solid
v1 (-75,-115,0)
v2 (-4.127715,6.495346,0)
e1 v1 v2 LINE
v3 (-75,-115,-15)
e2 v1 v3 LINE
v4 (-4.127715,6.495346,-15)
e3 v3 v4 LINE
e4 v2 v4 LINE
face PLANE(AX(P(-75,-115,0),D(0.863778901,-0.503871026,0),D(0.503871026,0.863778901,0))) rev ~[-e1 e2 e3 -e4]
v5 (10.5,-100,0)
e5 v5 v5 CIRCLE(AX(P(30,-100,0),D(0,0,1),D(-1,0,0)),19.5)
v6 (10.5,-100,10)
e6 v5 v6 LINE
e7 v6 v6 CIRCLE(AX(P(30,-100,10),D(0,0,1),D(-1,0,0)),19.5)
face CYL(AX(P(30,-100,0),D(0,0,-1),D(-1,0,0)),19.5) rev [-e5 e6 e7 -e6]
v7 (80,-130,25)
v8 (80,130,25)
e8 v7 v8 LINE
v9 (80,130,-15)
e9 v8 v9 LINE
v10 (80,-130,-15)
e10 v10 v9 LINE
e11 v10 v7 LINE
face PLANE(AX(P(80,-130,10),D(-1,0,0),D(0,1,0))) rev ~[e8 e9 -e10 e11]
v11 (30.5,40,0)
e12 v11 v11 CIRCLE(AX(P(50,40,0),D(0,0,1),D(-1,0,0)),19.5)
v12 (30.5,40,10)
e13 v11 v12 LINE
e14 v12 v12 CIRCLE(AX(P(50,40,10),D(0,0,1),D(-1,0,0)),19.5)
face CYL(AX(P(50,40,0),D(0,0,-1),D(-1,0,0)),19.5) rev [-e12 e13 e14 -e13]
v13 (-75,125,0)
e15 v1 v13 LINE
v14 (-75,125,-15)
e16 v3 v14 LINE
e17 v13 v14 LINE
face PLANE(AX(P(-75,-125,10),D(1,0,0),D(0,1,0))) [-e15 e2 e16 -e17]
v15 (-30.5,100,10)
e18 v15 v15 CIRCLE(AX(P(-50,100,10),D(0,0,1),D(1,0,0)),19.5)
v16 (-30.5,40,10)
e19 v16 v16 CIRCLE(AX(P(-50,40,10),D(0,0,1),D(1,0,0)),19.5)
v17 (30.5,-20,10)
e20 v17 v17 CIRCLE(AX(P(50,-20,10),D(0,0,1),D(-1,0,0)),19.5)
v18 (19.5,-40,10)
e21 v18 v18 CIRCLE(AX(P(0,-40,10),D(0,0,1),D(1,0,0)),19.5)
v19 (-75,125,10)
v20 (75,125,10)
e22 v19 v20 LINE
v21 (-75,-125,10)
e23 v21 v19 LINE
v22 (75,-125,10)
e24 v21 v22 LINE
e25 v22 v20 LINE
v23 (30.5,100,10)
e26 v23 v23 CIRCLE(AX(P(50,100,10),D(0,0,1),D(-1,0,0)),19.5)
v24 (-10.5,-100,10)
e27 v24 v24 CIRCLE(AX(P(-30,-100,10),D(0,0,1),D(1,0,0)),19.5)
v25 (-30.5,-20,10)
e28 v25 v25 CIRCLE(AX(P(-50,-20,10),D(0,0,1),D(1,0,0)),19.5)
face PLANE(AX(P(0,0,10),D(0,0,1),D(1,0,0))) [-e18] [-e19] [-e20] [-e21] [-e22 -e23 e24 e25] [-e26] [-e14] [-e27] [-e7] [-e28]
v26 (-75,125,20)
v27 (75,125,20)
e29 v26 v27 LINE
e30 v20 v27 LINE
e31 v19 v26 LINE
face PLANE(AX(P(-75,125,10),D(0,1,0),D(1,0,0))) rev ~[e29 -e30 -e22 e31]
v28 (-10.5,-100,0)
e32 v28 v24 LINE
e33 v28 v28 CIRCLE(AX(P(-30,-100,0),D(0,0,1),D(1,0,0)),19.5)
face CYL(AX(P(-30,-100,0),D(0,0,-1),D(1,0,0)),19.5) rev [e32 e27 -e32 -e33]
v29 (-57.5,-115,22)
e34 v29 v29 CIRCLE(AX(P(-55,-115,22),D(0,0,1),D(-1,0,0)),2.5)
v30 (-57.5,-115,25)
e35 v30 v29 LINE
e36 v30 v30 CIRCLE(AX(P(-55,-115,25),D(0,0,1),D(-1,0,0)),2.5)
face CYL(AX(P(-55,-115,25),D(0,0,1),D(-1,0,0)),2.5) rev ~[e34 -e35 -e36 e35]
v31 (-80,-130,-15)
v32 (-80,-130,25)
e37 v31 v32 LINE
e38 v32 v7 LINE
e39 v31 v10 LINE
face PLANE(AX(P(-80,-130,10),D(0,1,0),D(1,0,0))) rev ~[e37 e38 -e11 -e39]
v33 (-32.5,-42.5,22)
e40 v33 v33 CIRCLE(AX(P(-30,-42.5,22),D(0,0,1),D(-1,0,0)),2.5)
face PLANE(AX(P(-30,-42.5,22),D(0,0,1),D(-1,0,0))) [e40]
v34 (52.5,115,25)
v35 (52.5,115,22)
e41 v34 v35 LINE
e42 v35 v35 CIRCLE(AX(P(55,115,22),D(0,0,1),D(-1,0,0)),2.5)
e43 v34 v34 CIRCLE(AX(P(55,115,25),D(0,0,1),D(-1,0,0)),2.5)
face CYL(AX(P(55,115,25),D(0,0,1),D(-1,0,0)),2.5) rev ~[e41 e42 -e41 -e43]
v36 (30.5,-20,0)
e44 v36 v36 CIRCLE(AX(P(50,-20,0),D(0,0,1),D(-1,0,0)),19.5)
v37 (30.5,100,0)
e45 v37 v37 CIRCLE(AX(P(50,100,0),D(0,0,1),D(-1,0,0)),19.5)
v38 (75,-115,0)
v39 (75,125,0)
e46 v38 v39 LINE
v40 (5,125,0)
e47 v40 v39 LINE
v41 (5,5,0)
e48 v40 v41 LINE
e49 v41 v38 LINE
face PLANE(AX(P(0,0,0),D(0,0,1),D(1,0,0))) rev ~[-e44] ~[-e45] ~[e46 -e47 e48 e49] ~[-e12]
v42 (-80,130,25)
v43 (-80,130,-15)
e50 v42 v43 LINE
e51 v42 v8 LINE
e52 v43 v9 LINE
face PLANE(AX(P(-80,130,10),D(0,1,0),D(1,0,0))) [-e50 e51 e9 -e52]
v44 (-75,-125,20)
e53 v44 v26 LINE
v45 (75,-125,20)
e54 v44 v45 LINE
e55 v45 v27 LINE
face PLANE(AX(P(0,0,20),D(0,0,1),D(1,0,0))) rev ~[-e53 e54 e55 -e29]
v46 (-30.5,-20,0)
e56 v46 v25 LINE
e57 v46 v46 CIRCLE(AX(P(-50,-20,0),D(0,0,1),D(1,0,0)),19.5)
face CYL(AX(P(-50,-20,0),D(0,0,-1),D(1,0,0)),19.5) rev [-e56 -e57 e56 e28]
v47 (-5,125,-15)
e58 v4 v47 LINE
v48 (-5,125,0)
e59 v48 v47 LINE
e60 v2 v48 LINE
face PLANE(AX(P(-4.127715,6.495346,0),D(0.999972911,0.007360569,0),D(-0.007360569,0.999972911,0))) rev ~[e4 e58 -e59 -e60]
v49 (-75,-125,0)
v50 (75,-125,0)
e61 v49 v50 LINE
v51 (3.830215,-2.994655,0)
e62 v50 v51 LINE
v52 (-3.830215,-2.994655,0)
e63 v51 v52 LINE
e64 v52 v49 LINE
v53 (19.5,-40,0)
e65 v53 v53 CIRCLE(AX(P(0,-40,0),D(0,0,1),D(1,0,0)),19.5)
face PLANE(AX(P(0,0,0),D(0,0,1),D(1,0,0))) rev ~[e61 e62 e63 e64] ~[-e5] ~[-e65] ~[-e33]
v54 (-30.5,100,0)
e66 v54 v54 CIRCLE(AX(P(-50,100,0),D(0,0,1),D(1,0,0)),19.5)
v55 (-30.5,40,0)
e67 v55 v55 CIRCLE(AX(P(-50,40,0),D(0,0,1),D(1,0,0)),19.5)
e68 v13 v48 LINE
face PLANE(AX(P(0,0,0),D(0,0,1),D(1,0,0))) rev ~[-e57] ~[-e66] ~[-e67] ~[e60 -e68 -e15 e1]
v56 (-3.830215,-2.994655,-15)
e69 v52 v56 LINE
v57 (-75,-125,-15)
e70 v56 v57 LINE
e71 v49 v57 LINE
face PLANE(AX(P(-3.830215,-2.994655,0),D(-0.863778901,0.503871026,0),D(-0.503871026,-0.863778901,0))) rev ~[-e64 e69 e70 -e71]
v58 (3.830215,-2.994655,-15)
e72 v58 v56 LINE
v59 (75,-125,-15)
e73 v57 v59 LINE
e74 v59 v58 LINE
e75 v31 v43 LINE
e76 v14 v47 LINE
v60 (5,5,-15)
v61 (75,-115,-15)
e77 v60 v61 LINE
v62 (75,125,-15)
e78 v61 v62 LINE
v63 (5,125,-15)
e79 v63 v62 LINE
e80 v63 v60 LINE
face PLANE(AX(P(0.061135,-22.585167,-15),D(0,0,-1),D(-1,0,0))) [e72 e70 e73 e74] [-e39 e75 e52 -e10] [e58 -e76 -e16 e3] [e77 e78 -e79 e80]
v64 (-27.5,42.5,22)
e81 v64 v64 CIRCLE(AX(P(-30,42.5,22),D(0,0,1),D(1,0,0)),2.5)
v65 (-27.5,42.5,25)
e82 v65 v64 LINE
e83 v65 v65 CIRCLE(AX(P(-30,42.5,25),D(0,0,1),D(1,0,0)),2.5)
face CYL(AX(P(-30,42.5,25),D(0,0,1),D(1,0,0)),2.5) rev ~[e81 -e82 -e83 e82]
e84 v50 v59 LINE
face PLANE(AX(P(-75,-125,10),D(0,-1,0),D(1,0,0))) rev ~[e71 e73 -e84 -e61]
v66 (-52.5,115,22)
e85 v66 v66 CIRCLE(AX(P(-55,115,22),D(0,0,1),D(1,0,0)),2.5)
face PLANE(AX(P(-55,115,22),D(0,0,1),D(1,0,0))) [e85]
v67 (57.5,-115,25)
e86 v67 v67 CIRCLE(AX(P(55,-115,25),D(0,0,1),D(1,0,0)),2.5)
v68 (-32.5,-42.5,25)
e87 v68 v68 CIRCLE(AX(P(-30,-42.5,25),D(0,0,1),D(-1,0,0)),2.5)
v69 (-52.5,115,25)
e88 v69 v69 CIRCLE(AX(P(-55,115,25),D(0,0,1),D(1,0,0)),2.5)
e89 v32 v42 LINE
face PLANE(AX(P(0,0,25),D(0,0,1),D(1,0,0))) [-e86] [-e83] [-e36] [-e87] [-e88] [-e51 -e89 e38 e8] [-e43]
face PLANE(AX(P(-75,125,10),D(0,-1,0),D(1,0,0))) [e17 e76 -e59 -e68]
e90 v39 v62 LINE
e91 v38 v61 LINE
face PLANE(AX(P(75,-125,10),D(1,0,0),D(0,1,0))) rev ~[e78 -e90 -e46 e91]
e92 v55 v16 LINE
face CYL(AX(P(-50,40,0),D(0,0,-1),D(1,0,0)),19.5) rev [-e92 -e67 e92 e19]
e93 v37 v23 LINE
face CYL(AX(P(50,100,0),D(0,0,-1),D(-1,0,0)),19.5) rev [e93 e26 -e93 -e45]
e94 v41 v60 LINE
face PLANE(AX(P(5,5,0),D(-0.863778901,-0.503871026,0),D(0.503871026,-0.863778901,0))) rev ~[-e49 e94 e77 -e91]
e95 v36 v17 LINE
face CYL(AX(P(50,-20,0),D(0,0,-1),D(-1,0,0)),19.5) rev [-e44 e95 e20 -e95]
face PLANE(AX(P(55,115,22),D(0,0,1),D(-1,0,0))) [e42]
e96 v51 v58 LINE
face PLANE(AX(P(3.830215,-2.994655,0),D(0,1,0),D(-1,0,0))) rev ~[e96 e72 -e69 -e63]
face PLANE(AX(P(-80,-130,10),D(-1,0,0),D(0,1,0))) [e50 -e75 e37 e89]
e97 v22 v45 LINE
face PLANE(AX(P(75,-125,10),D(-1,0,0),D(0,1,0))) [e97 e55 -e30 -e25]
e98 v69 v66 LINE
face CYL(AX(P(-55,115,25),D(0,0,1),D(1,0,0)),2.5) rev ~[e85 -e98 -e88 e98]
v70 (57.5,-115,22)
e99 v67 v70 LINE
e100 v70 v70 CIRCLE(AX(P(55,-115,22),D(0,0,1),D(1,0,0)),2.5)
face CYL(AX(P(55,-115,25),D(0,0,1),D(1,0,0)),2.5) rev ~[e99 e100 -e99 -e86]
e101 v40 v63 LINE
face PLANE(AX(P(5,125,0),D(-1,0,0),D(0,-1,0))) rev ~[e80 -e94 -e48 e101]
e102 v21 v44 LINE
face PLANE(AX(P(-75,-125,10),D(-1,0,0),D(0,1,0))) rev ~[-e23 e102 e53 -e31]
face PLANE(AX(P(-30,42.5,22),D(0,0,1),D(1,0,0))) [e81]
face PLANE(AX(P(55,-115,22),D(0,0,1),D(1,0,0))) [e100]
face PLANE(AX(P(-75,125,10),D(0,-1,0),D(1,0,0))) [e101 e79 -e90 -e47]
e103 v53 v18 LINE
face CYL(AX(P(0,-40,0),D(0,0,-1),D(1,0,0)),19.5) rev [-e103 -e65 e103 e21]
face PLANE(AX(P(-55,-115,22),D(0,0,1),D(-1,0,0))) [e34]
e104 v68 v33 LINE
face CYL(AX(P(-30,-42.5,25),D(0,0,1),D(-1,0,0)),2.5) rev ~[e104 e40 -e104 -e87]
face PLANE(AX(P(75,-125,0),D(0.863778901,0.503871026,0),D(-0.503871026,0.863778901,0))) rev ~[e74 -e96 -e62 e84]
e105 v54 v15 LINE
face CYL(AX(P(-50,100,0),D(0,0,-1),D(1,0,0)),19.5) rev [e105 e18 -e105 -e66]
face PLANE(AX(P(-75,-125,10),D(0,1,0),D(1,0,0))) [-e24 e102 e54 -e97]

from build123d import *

# Parameters (mm, degrees)
CROQUIS1_W              = 150
CROQUIS1_H              = 250
CROQUIS1_R              = 19.5
SALIENTE_EXTRUIR1_DEPTH = 10
CROQUIS3_W              = 160
CROQUIS3_H              = 260
CROQUIS3_W_2            = 150
CROQUIS3_H_2            = 250
SALIENTE_EXTRUIR2_DEPTH = 25
SALIENTE_EXTRUIR3_DEPTH = 15
CROQUIS6_W              = 160
CROQUIS6_H              = 260
CROQUIS6_W_2            = 150
CROQUIS6_H_2            = 250
SALIENTE_EXTRUIR4_DEPTH = 15
CROQUIS7_W              = 160
CROQUIS7_H              = 260
SALIENTE_EXTRUIR5_DEPTH = 5
CROQUIS8_R              = 2.5
CORTAR_EXTRUIR1_DEPTH   = 3
CROQUIS9_R              = 2.5
CORTAR_EXTRUIR2_DEPTH   = 3


with BuildPart() as part:
    # Croquis1 → Saliente-Extruir1 (new body)
    with BuildSketch(Plane.XY):
        Rectangle(CROQUIS1_W, CROQUIS1_H)
        with Locations((-50, 100)):
            Circle(CROQUIS1_R, mode=Mode.SUBTRACT)
        with Locations((-50, 40)):
            Circle(CROQUIS1_R, mode=Mode.SUBTRACT)
        with Locations((-50, -20)):
            Circle(CROQUIS1_R, mode=Mode.SUBTRACT)
        with Locations(Location((50, -20, 0), (0, 0, 180))):
            Circle(CROQUIS1_R, mode=Mode.SUBTRACT)
        with Locations(Location((50, 40, 0), (0, 0, 180))):
            Circle(CROQUIS1_R, mode=Mode.SUBTRACT)
        with Locations(Location((50, 100, 0), (0, 0, 180))):
            Circle(CROQUIS1_R, mode=Mode.SUBTRACT)
        with Locations((-30, -100)):
            Circle(CROQUIS1_R, mode=Mode.SUBTRACT)
        with Locations(Location((30, -100, 0), (0, 0, 180))):
            Circle(CROQUIS1_R, mode=Mode.SUBTRACT)
        with Locations((0, -40)):
            Circle(CROQUIS1_R, mode=Mode.SUBTRACT)
    extrude(amount=SALIENTE_EXTRUIR1_DEPTH)

    # Croquis3 → Saliente-Extruir2 (add)
    with BuildSketch(Plane.XY.offset(10)):
        Rectangle(CROQUIS3_W, CROQUIS3_H)
        Rectangle(CROQUIS3_W_2, CROQUIS3_H_2, mode=Mode.SUBTRACT)
    extrude(amount=-SALIENTE_EXTRUIR2_DEPTH)

    # Croquis4 → Saliente-Extruir3 (add)
    with BuildSketch(Plane(origin=(0, 0, 0), x_dir=(-1, 0, 0), z_dir=(0, 0, -1))):
        Polygon((-5, 125), (-5, 5), (-75, -115), (-75, -125), (-3.830215177, -2.994654589), (3.830215177, -2.994654589), (75, -125), (75, -115), (4.127714662, 6.495346294), (5, 125), align=None)
    extrude(amount=SALIENTE_EXTRUIR3_DEPTH)

    # Croquis6 → Saliente-Extruir4 (add)
    with BuildSketch(Plane.XY.offset(10)):
        Rectangle(CROQUIS6_W, CROQUIS6_H)
        Rectangle(CROQUIS6_W_2, CROQUIS6_H_2, mode=Mode.SUBTRACT)
    extrude(amount=SALIENTE_EXTRUIR4_DEPTH)

    # Croquis7 → Saliente-Extruir5 (add)
    with BuildSketch(Plane.XY.offset(25)):
        Rectangle(CROQUIS7_W, CROQUIS7_H)
    extrude(amount=-SALIENTE_EXTRUIR5_DEPTH)

    # Croquis8 → Cortar-Extruir1 (cut)
    with BuildSketch(Plane.XY.offset(25)):
        with Locations((-30, 42.5)):
            Circle(CROQUIS8_R)
        with Locations(Location((-30, -42.5, 0), (0, 0, 180))):
            Circle(CROQUIS8_R)
    extrude(amount=-CORTAR_EXTRUIR1_DEPTH, mode=Mode.SUBTRACT)

    # Croquis9 → Cortar-Extruir2 (cut)
    with BuildSketch(Plane.XY.offset(25)):
        with Locations((-55, 115)):
            Circle(CROQUIS9_R)
        with Locations(Location((55, 115, 0), (0, 0, 180))):
            Circle(CROQUIS9_R)
        with Locations((55, -115)):
            Circle(CROQUIS9_R)
        with Locations(Location((-55, -115, 0), (0, 0, 180))):
            Circle(CROQUIS9_R)
    extrude(amount=-CORTAR_EXTRUIR2_DEPTH, mode=Mode.SUBTRACT)


solid = part.part
